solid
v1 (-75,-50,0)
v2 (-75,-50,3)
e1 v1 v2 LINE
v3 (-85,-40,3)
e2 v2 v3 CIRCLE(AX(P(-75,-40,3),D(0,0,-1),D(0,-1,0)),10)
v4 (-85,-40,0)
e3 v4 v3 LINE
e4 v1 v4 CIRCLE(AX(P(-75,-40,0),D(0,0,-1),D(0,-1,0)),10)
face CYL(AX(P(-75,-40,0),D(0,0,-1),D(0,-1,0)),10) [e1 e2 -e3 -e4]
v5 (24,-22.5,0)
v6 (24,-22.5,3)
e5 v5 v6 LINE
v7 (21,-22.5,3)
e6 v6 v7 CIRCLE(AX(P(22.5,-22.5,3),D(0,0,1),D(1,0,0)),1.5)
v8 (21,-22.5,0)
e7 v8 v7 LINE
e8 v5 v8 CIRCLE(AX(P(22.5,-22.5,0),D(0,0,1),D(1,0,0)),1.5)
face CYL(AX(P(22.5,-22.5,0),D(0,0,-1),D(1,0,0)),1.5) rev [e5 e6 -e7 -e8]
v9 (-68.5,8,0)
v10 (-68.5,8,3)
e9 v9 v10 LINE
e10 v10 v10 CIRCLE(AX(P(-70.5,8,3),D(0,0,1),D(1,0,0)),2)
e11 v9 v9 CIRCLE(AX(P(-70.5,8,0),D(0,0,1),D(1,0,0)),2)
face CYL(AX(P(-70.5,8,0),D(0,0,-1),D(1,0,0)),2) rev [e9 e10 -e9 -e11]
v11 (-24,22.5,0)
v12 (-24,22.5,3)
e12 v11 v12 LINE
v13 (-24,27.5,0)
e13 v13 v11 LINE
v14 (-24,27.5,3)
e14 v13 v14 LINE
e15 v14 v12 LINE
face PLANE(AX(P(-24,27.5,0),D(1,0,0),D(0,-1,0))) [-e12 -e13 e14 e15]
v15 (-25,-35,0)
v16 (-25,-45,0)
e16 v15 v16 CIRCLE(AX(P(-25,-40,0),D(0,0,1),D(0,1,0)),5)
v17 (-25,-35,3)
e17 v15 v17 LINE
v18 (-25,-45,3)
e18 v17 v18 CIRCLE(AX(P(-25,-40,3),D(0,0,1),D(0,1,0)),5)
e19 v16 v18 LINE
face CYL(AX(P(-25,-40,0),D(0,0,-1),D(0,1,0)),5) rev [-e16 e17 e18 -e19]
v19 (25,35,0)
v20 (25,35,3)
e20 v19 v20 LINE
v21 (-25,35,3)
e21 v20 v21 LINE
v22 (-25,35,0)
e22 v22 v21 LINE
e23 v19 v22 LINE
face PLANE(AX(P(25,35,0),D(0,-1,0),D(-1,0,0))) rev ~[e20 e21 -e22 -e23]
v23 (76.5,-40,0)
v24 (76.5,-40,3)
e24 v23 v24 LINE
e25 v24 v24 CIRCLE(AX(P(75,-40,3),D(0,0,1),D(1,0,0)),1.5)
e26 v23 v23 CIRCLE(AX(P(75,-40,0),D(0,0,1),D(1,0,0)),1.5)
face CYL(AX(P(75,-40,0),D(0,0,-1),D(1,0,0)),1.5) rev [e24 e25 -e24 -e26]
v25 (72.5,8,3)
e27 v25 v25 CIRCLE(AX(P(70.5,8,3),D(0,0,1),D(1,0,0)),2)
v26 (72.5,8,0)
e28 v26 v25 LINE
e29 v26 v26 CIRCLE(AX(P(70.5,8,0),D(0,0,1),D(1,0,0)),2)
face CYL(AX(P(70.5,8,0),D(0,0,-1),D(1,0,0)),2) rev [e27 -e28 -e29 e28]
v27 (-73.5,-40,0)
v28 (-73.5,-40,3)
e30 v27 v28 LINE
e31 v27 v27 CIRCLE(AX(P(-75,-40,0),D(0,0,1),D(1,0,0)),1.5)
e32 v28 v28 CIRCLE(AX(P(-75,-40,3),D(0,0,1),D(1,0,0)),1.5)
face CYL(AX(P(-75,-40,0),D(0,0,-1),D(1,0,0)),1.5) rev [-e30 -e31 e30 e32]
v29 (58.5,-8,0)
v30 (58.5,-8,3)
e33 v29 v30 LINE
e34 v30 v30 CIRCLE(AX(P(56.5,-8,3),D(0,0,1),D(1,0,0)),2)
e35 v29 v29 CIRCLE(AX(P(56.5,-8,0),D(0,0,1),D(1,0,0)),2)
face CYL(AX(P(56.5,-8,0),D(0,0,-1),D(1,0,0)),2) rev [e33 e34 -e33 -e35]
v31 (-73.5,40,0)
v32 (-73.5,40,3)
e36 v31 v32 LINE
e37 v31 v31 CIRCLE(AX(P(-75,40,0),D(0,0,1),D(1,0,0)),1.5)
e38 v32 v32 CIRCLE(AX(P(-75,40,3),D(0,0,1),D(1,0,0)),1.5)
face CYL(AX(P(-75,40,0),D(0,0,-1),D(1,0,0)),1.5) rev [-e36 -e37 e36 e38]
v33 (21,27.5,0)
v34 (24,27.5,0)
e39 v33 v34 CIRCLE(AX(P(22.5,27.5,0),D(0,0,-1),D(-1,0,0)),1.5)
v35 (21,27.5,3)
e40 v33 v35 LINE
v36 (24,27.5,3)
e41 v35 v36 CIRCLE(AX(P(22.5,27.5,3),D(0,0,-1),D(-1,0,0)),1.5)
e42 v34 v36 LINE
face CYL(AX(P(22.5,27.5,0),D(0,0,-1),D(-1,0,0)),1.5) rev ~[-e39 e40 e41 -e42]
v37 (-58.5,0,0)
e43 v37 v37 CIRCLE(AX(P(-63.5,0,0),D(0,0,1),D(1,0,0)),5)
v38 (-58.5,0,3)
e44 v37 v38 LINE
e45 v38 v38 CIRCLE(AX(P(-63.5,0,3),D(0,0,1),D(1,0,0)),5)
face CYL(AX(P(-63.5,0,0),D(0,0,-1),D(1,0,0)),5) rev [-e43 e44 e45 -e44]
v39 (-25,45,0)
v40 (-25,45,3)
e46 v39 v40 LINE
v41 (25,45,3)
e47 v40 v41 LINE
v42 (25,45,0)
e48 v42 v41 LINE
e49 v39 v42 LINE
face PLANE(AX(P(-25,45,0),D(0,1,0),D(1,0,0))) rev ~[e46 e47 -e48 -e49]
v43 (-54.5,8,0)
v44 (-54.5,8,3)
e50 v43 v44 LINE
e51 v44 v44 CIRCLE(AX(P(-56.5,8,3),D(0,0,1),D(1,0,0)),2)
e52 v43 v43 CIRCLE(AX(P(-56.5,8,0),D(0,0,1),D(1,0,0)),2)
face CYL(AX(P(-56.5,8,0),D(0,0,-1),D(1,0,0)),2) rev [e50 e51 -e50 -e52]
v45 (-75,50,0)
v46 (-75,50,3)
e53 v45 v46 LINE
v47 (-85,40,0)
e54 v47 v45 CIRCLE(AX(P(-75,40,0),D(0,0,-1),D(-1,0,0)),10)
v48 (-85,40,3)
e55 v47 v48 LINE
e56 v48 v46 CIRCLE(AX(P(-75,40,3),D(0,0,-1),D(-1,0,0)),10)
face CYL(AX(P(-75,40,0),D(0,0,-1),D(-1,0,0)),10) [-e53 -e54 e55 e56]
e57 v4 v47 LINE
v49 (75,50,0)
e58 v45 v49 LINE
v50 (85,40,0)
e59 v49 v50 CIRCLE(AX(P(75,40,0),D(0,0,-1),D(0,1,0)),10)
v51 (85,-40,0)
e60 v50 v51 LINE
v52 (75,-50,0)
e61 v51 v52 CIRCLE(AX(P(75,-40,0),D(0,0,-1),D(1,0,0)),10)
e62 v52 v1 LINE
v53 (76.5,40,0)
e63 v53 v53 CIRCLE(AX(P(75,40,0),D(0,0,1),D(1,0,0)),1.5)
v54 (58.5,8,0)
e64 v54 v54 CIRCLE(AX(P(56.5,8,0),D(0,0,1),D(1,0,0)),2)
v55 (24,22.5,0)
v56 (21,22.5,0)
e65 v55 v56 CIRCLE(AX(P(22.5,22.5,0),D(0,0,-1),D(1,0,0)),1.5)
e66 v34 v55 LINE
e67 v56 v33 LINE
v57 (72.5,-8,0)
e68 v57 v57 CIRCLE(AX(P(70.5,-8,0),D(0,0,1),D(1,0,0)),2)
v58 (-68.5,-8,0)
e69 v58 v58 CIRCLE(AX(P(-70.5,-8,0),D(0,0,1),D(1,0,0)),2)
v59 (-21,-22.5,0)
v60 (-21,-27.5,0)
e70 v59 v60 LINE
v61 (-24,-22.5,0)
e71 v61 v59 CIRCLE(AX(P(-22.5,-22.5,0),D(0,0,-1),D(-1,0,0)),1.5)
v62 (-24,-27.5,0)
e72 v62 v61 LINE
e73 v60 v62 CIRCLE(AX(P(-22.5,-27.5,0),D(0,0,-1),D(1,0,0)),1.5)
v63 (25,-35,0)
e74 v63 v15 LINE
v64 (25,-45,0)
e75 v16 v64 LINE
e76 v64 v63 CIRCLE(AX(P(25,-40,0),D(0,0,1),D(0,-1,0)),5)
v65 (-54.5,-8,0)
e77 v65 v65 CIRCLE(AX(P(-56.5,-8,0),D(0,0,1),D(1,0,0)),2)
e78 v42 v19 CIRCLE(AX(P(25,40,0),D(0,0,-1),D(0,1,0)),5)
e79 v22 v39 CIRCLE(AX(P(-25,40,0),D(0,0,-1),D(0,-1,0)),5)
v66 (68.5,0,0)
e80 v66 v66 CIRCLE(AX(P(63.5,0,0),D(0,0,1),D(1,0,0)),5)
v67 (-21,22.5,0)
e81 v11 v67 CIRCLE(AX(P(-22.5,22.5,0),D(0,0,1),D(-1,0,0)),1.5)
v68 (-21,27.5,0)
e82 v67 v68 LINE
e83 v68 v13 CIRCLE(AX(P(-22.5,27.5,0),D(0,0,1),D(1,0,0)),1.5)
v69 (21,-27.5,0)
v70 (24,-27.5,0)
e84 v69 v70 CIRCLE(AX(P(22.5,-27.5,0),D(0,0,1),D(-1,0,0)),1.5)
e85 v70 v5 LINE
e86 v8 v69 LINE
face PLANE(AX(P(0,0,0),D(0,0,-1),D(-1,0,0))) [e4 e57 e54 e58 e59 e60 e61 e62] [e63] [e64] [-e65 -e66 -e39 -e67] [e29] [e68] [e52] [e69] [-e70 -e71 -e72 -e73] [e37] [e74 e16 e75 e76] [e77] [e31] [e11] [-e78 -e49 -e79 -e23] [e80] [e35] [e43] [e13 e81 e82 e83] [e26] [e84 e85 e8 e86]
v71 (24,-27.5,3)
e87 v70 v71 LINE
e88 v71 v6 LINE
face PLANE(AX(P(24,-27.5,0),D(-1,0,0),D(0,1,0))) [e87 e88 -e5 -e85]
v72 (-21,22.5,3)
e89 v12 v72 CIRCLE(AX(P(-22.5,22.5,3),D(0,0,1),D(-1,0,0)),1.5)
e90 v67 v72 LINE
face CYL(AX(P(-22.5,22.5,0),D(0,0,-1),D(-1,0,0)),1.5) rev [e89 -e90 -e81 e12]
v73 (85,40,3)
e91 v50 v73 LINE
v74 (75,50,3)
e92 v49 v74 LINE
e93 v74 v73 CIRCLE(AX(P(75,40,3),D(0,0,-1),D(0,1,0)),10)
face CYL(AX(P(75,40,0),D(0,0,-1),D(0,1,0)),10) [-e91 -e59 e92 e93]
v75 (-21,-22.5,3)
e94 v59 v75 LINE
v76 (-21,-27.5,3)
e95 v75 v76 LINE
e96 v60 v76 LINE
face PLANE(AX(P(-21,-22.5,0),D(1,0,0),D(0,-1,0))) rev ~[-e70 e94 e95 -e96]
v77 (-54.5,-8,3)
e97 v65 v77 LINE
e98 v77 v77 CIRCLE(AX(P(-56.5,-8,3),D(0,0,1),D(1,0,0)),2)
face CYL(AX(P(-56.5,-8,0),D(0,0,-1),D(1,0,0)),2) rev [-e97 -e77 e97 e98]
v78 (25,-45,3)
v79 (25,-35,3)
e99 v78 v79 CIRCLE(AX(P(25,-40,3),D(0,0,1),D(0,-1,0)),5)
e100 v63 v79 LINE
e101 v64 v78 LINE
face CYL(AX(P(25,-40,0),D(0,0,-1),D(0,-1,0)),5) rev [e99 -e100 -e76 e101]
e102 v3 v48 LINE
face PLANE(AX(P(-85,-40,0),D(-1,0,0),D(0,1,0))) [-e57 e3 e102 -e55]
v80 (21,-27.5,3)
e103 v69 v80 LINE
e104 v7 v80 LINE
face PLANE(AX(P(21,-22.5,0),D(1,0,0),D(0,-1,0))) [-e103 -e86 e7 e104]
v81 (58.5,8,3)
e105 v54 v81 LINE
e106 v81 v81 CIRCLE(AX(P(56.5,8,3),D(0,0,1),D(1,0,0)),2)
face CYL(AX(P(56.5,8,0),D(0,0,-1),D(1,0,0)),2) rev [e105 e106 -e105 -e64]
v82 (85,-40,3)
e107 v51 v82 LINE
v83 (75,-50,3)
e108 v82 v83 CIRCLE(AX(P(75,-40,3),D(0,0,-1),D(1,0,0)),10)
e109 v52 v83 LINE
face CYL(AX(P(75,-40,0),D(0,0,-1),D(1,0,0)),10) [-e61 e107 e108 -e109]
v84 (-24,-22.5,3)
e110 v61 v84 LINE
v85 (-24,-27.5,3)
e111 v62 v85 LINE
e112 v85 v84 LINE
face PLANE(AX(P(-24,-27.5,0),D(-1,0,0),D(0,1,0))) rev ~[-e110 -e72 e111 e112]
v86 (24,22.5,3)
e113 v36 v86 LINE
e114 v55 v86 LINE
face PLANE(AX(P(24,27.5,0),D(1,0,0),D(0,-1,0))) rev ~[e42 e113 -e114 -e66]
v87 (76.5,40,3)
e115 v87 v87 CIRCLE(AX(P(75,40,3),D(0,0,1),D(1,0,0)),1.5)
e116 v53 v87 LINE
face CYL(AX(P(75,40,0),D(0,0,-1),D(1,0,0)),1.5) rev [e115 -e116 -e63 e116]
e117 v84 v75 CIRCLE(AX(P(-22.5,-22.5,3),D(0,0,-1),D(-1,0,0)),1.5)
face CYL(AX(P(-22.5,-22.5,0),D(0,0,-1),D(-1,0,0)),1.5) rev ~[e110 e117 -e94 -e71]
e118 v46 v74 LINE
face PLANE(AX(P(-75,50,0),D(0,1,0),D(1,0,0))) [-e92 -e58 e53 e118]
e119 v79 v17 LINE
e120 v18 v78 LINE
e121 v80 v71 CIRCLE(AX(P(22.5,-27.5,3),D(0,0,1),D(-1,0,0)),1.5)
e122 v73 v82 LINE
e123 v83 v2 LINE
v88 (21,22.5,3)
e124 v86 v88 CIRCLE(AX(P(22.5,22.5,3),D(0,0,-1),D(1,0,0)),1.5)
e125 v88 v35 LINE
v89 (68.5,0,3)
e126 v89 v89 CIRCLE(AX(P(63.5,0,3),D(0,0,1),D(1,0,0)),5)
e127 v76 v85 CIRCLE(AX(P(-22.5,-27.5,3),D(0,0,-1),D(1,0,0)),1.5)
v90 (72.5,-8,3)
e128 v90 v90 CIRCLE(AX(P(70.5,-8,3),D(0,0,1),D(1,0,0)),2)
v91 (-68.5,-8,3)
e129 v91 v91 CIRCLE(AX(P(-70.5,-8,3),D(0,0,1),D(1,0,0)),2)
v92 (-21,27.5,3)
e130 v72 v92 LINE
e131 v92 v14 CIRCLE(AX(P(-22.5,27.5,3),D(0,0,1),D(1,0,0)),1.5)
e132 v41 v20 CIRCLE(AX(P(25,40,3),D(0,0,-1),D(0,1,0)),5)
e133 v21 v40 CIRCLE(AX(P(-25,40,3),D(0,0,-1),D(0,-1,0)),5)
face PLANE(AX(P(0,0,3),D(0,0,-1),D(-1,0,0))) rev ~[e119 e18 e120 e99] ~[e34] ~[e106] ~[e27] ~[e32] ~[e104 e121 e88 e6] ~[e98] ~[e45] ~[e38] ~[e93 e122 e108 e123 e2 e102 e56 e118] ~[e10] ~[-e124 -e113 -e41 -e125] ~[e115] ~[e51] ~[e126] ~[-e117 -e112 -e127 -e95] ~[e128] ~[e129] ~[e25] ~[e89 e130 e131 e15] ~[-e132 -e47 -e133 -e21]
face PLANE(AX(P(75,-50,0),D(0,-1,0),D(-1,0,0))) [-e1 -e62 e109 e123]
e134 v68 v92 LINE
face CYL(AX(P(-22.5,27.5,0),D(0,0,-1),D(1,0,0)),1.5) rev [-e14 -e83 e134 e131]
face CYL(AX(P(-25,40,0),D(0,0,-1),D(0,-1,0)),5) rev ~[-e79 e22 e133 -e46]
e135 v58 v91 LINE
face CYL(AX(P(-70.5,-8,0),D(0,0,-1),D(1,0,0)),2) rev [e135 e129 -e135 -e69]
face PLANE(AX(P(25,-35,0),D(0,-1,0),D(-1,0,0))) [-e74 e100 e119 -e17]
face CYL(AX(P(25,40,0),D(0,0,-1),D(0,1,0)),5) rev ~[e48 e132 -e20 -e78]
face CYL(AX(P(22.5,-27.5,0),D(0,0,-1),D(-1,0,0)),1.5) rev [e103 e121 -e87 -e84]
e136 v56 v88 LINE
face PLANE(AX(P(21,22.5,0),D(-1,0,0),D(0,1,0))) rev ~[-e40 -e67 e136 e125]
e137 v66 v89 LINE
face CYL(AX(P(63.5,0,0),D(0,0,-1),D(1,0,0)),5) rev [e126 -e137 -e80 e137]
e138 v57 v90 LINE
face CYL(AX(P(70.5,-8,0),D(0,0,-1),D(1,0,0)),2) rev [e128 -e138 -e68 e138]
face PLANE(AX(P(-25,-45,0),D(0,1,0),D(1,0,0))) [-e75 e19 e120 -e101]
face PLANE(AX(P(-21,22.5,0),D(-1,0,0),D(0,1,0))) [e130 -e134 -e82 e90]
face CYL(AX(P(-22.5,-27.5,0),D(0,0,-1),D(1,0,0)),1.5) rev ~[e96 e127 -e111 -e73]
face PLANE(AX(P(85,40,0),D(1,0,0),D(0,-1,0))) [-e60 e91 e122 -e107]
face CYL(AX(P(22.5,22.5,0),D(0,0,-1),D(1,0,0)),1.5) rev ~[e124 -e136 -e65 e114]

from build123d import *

# Parameters (mm, degrees)
SKETCH1_R           = 2
SKETCH1_R_2         = 1.5
SKETCH1_R_3         = 5
BOSS_EXTRUDE1_DEPTH = 3


with BuildPart() as part:
    # Sketch1 → Boss-Extrude1 (new body)
    with BuildSketch(Plane.XY):
        with BuildLine():
            Line((-75, 50), (75, 50))
            ThreePointArc((75, 50), (82.071067812, 47.071067812), (85, 40))
            Line((85, 40), (85, -40))
            ThreePointArc((85, -40), (82.071067812, -47.071067812), (75, -50))
            Line((75, -50), (-75, -50))
            ThreePointArc((-75, -50), (-82.071067812, -47.071067812), (-85, -40))
            Line((-85, -40), (-85, 40))
            ThreePointArc((-85, 40), (-82.071067812, 47.071067812), (-75, 50))
        make_face()
        with Locations((-70.5, 8)):
            Circle(SKETCH1_R, mode=Mode.SUBTRACT)
        with Locations((-70.5, -8)):
            Circle(SKETCH1_R, mode=Mode.SUBTRACT)
        with Locations((-56.5, -8)):
            Circle(SKETCH1_R, mode=Mode.SUBTRACT)
        with Locations((-56.5, 8)):
            Circle(SKETCH1_R, mode=Mode.SUBTRACT)
        with Locations((70.5, -8)):
            Circle(SKETCH1_R, mode=Mode.SUBTRACT)
        with Locations((56.5, -8)):
            Circle(SKETCH1_R, mode=Mode.SUBTRACT)
        with Locations((56.5, 8)):
            Circle(SKETCH1_R, mode=Mode.SUBTRACT)
        with Locations((70.5, 8)):
            Circle(SKETCH1_R, mode=Mode.SUBTRACT)
        with Locations((-75, -40)):
            Circle(SKETCH1_R_2, mode=Mode.SUBTRACT)
        with Locations((-75, 40)):
            Circle(SKETCH1_R_2, mode=Mode.SUBTRACT)
        with Locations((75, 40)):
            Circle(SKETCH1_R_2, mode=Mode.SUBTRACT)
        with Locations((75, -40)):
            Circle(SKETCH1_R_2, mode=Mode.SUBTRACT)
        with Locations((-63.5, 0)):
            Circle(SKETCH1_R_3, mode=Mode.SUBTRACT)
        with Locations((63.5, 0)):
            Circle(SKETCH1_R_3, mode=Mode.SUBTRACT)
        with BuildLine():
            Line((-25, 45), (25, 45))
            ThreePointArc((25, 45), (30, 40), (25, 35))
            Line((25, 35), (-25, 35))
            ThreePointArc((-25, 35), (-30, 40), (-25, 45))
        make_face(mode=Mode.SUBTRACT)
        with BuildLine():
            Line((-25, -45), (25, -45))
            ThreePointArc((25, -45), (30, -40), (25, -35))
            Line((25, -35), (-25, -35))
            ThreePointArc((-25, -35), (-30, -40), (-25, -45))
        make_face(mode=Mode.SUBTRACT)
        with BuildLine():
            Line((-24, -27.5), (-24, -22.5))
            ThreePointArc((-24, -22.5), (-22.5, -21), (-21, -22.5))
            Line((-21, -22.5), (-21, -27.5))
            ThreePointArc((-21, -27.5), (-22.5, -29), (-24, -27.5))
        make_face(mode=Mode.SUBTRACT)
        with BuildLine():
            Line((-24, 27.5), (-24, 22.5))
            ThreePointArc((-24, 22.5), (-22.5, 21), (-21, 22.5))
            Line((-21, 22.5), (-21, 27.5))
            ThreePointArc((-21, 27.5), (-22.5, 29), (-24, 27.5))
        make_face(mode=Mode.SUBTRACT)
        with BuildLine():
            Line((24, 27.5), (24, 22.5))
            ThreePointArc((24, 22.5), (22.5, 21), (21, 22.5))
            Line((21, 22.5), (21, 27.5))
            ThreePointArc((21, 27.5), (22.5, 29), (24, 27.5))
        make_face(mode=Mode.SUBTRACT)
        with BuildLine():
            Line((24, -27.5), (24, -22.5))
            ThreePointArc((24, -22.5), (22.5, -21), (21, -22.5))
            Line((21, -22.5), (21, -27.5))
            ThreePointArc((21, -27.5), (22.5, -29), (24, -27.5))
        make_face(mode=Mode.SUBTRACT)
    extrude(amount=BOSS_EXTRUDE1_DEPTH)


solid = part.part
